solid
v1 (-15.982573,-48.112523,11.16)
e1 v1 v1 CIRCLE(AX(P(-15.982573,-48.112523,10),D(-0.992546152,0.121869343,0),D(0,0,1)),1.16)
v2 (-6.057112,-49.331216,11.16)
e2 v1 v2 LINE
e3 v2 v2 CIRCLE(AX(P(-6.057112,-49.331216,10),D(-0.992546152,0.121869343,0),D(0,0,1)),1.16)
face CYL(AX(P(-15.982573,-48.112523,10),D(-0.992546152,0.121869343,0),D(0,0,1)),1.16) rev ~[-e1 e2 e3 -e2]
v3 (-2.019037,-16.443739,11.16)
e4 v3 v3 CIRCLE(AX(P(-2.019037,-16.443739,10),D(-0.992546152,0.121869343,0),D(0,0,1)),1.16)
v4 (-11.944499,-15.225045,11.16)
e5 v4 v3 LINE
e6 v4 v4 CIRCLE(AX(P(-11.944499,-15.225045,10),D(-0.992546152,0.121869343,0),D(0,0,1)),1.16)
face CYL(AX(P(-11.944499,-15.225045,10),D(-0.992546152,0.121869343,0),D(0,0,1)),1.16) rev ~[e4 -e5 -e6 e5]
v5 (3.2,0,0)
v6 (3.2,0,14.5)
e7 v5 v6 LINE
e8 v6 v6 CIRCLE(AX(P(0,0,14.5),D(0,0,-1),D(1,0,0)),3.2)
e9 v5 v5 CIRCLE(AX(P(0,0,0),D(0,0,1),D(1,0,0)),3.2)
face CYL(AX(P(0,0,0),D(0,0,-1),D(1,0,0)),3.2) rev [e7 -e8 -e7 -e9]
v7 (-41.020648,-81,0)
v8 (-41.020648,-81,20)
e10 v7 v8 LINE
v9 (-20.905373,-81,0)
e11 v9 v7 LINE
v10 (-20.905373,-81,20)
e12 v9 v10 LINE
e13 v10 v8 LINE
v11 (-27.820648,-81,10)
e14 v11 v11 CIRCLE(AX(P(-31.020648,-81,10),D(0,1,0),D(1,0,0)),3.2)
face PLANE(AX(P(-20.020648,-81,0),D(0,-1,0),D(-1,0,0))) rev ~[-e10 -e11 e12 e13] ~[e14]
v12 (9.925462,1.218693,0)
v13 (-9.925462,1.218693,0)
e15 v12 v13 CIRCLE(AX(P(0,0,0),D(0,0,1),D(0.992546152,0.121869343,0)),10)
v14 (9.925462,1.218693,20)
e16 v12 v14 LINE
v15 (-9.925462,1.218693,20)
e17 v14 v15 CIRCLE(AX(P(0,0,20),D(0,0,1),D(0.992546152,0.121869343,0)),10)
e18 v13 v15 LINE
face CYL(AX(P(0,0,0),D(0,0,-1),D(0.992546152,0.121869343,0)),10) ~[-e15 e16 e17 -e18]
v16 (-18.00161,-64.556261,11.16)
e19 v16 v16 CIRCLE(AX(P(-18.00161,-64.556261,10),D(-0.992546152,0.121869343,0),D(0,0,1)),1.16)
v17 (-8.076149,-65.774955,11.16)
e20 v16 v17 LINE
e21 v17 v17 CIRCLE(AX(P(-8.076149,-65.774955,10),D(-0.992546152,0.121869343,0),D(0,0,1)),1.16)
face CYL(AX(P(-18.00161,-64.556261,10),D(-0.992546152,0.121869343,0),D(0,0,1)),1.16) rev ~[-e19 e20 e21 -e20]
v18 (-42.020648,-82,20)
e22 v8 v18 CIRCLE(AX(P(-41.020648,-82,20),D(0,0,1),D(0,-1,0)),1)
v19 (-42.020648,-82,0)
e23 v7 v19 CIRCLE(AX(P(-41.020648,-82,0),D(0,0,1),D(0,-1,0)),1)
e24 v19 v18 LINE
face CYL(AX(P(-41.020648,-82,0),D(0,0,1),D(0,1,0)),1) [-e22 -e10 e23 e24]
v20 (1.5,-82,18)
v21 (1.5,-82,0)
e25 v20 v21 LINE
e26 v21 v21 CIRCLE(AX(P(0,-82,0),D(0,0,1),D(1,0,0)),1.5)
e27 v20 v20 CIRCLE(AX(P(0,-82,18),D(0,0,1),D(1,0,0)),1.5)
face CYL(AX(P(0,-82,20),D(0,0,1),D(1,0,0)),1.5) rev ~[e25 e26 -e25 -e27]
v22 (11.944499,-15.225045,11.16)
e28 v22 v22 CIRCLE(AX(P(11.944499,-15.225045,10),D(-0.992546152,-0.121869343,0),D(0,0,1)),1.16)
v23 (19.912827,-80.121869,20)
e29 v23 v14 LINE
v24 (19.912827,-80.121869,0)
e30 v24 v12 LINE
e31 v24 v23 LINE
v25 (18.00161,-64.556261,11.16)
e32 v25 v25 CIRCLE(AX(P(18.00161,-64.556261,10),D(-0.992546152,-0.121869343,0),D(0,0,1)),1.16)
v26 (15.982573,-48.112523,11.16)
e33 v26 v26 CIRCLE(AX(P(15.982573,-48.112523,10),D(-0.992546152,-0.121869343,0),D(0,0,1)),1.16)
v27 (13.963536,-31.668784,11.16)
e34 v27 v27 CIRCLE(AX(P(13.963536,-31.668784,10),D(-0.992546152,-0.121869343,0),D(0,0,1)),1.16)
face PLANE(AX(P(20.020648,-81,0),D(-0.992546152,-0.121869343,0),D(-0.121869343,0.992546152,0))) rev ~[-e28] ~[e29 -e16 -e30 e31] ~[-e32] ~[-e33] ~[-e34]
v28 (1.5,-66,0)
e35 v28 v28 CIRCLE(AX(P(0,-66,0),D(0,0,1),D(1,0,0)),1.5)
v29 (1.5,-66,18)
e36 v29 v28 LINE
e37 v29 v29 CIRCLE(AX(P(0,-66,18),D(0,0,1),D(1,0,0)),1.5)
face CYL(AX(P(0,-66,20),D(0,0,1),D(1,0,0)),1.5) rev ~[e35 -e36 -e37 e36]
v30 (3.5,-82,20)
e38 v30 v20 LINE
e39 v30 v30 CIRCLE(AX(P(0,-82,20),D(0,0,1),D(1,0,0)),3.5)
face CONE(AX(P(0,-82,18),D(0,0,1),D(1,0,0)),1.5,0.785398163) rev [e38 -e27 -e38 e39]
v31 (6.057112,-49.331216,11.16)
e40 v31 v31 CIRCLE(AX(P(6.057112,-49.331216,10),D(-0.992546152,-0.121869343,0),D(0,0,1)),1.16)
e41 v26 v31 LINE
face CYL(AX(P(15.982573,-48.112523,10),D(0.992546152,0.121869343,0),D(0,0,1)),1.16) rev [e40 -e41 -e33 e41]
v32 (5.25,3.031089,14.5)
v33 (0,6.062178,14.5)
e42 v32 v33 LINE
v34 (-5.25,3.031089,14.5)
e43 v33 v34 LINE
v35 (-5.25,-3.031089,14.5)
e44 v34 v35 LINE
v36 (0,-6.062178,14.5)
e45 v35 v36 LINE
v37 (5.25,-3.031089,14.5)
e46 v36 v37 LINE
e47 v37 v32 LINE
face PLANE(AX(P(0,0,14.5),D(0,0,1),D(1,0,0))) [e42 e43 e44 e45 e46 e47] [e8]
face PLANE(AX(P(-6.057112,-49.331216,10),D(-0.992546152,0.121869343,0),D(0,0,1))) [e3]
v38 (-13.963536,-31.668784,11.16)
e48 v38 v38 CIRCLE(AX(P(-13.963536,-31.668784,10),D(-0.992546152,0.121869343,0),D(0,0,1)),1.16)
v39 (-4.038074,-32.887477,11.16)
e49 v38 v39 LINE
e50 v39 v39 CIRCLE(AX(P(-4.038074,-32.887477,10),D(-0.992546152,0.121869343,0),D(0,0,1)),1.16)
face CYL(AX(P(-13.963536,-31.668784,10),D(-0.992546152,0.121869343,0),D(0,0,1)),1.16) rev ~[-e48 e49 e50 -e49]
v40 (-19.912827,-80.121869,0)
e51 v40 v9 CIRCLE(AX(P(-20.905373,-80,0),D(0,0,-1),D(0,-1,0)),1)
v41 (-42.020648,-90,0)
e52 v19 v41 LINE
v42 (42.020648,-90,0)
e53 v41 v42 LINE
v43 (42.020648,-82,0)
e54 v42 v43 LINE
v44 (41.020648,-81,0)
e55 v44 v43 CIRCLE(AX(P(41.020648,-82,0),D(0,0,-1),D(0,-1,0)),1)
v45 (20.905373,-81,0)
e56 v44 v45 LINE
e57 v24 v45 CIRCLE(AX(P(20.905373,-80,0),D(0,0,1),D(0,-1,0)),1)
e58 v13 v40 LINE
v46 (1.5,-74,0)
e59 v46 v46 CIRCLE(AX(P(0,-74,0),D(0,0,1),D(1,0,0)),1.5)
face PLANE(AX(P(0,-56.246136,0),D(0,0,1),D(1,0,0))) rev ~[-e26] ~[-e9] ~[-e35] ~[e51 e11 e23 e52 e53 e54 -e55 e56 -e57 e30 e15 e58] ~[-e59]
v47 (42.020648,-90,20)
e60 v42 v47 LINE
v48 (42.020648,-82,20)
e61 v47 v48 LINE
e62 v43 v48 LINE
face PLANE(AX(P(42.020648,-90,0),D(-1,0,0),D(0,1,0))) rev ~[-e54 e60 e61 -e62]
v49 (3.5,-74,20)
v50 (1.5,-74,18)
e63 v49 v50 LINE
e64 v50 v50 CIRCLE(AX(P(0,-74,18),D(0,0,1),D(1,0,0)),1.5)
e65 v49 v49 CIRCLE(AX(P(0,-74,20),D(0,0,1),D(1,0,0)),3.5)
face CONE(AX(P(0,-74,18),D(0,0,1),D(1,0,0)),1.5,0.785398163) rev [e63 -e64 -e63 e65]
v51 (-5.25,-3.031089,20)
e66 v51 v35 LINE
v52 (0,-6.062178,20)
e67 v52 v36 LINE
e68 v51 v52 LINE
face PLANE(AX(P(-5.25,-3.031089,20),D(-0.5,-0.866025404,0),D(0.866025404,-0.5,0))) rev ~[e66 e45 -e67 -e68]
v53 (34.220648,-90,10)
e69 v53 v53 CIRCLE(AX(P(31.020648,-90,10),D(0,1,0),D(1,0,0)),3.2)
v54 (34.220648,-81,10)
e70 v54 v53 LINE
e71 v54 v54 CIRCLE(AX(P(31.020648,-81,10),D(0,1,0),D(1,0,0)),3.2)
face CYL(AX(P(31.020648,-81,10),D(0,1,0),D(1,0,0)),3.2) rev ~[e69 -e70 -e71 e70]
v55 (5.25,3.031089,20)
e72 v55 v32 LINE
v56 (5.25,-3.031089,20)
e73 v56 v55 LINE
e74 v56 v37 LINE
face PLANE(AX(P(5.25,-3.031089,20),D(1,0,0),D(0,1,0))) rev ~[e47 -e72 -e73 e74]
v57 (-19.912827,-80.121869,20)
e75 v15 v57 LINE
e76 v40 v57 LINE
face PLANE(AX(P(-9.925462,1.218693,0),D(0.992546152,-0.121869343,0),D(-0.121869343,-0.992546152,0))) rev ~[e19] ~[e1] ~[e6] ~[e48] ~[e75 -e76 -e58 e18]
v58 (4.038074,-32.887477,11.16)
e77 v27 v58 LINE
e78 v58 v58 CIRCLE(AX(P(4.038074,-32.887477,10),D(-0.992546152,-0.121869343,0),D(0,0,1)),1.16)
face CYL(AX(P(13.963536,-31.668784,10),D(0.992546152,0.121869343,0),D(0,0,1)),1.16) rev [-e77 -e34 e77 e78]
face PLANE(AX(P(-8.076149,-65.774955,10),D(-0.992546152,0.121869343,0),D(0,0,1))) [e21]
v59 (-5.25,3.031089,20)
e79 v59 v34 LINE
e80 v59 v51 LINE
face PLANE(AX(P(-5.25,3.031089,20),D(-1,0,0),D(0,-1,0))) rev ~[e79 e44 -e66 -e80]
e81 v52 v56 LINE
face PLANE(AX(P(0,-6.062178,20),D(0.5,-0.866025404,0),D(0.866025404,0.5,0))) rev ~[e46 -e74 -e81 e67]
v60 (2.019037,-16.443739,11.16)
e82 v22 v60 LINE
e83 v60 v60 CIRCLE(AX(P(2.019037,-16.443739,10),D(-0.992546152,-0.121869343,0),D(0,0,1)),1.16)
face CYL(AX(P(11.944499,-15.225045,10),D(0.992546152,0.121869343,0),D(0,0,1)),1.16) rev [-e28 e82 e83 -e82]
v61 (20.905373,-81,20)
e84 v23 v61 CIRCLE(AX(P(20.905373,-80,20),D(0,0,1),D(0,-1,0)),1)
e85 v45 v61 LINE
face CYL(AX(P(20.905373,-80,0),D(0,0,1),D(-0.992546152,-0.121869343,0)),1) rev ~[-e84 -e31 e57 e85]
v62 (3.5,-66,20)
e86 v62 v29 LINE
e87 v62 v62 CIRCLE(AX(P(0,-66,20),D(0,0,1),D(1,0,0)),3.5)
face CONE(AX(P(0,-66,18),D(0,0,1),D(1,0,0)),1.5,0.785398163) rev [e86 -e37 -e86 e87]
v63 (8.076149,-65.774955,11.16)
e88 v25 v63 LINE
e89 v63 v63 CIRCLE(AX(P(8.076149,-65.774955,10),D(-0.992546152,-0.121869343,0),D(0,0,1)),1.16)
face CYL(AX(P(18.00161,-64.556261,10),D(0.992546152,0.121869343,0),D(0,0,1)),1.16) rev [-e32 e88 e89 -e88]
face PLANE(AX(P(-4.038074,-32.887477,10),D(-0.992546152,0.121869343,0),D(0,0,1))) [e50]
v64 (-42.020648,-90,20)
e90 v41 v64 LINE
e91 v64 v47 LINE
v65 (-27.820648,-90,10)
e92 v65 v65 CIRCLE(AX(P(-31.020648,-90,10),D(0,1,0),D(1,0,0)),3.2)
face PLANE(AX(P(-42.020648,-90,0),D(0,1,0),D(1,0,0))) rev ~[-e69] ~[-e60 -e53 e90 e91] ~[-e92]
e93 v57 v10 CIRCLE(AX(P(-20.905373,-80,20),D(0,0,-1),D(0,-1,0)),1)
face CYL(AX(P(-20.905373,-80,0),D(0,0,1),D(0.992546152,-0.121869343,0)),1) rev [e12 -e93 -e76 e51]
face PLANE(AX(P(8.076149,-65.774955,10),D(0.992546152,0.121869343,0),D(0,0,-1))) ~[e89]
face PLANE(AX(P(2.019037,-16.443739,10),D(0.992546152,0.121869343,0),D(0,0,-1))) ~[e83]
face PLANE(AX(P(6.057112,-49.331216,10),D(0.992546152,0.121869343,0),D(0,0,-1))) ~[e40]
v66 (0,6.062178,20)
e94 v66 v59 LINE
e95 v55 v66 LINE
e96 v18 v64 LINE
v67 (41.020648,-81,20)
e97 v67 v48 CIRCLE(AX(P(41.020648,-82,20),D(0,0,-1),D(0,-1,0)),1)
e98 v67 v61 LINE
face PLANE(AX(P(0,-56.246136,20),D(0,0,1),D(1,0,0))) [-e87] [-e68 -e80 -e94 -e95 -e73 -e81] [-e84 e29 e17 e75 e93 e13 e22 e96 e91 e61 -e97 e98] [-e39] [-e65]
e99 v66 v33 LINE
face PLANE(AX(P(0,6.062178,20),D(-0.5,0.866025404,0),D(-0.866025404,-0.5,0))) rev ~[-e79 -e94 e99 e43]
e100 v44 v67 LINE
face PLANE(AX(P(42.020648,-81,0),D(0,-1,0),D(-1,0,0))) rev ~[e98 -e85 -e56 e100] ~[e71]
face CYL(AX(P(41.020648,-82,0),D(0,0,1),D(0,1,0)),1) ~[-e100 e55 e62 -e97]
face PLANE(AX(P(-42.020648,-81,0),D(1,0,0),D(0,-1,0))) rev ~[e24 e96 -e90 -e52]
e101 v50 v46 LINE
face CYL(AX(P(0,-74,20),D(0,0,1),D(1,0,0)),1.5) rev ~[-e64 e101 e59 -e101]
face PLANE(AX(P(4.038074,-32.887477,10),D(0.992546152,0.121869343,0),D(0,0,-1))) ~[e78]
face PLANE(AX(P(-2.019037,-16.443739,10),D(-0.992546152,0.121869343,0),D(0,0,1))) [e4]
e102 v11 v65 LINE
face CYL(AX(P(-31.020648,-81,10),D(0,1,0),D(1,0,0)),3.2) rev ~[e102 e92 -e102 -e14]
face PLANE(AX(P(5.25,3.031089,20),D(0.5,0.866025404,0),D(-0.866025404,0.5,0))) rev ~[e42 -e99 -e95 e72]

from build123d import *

# Parameters (mm, degrees)
SKETCH1_R           = 3.2
BOSS_EXTRUDE1_DEPTH = 20
SKETCH3_R           = 3.2
CUT_EXTRUDE1_DEPTH  = 10
CUT_EXTRUDE2_DEPTH  = 5.5
SKETCH6_R           = 1.5
CUT_EXTRUDE4_DEPTH  = 21
CHAMFER1_SIZE       = 2
SKETCH8_R           = 1.16
CUT_EXTRUDE5_DEPTH  = 10
FILLET1_R           = 1


with BuildPart() as part:
    # Sketch1 → Boss-Extrude1 (new body)
    with BuildSketch(Plane.XY):
        with BuildLine():
            Line((20.020647688, -81), (9.925461516, 1.218693434))
            ThreePointArc((9.925461516, 1.218693434), (0, 10), (-9.925461516, 1.218693434))
            Line((-9.925461516, 1.218693434), (-20.020647688, -81))
            Line((-20.020647688, -81), (-42.020647688, -81))
            Line((-42.020647688, -81), (-42.020647688, -90))
            Line((-42.020647688, -90), (42.020647688, -90))
            Line((42.020647688, -90), (42.020647688, -81))
            Line((42.020647688, -81), (20.020647688, -81))
        make_face()
        Circle(SKETCH1_R, mode=Mode.SUBTRACT)
    extrude(amount=BOSS_EXTRUDE1_DEPTH)

    # Sketch3 → Cut-Extrude1 (cut, through all)
    with BuildSketch(Plane(origin=(0, -81, 0), x_dir=(1, 0, 0), z_dir=(0, 1, 0))):
        with Locations((-31.020647688, -10)):
            Circle(SKETCH3_R)
        with Locations((31.020647688, -10)):
            Circle(SKETCH3_R)
    extrude(amount=-CUT_EXTRUDE1_DEPTH, mode=Mode.SUBTRACT)

    # Sketch4 → Cut-Extrude2 (cut)
    with BuildSketch(Plane.XY.offset(20)):
        Polygon((0, 6.062177826), (-5.25, 3.031088913), (-5.25, -3.031088913), (0, -6.062177826), (5.25, -3.031088913), (5.25, 3.031088913), align=None)
    extrude(amount=-CUT_EXTRUDE2_DEPTH, mode=Mode.SUBTRACT)

    # Sketch6 → Cut-Extrude4 (cut, through all)
    with BuildSketch(Plane.XY.offset(20)):
        with Locations((0, -66)):
            Circle(SKETCH6_R)
        with Locations((0, -74)):
            Circle(SKETCH6_R)
        with Locations((0, -82)):
            Circle(SKETCH6_R)
    extrude(amount=-CUT_EXTRUDE4_DEPTH, mode=Mode.SUBTRACT)

    # Chamfer1
    chamfer1_edges = [part.edges().sort_by_distance(p)[0] for p in [
        (-1.5, -66, 20),
        (-1.5, -74, 20),
        (-1.5, -82, 20),
    ]]
    chamfer(chamfer1_edges, length=CHAMFER1_SIZE)

    # Sketch8 → Cut-Extrude5 (cut)
    with BuildSketch(Plane(origin=(-9.925461516, 1.218693434, 0), x_dir=(0, 0, 1), z_dir=(-0.992546152, 0.121869343, 0))):
        with Locations((10, -16.567228294)):
            Circle(SKETCH8_R)
        with Locations((10, -33.134456588)):
            Circle(SKETCH8_R)
        with Locations((10, -49.701684883)):
            Circle(SKETCH8_R)
        with Locations((10, -66.268913177)):
            Circle(SKETCH8_R)
    cut_extrude5 = extrude(amount=-CUT_EXTRUDE5_DEPTH, mode=Mode.SUBTRACT)

    # Mirror1: Cut-Extrude5 across plane
    add(cut_extrude5.mirror(Plane(origin=(0, 0, 0), x_dir=(0, 0, 1), z_dir=(1, 0, 0))), mode=Mode.SUBTRACT)

    # Fillet1
    fillet1_edges = [part.edges().sort_by_distance(p)[0] for p in [
        (-42.020647688, -81, 10),
        (-20.020647688, -81, 10),
        (20.020647688, -81, 10),
        (42.020647688, -81, 10),
    ]]
    fillet(fillet1_edges, radius=FILLET1_R)


solid = part.part
